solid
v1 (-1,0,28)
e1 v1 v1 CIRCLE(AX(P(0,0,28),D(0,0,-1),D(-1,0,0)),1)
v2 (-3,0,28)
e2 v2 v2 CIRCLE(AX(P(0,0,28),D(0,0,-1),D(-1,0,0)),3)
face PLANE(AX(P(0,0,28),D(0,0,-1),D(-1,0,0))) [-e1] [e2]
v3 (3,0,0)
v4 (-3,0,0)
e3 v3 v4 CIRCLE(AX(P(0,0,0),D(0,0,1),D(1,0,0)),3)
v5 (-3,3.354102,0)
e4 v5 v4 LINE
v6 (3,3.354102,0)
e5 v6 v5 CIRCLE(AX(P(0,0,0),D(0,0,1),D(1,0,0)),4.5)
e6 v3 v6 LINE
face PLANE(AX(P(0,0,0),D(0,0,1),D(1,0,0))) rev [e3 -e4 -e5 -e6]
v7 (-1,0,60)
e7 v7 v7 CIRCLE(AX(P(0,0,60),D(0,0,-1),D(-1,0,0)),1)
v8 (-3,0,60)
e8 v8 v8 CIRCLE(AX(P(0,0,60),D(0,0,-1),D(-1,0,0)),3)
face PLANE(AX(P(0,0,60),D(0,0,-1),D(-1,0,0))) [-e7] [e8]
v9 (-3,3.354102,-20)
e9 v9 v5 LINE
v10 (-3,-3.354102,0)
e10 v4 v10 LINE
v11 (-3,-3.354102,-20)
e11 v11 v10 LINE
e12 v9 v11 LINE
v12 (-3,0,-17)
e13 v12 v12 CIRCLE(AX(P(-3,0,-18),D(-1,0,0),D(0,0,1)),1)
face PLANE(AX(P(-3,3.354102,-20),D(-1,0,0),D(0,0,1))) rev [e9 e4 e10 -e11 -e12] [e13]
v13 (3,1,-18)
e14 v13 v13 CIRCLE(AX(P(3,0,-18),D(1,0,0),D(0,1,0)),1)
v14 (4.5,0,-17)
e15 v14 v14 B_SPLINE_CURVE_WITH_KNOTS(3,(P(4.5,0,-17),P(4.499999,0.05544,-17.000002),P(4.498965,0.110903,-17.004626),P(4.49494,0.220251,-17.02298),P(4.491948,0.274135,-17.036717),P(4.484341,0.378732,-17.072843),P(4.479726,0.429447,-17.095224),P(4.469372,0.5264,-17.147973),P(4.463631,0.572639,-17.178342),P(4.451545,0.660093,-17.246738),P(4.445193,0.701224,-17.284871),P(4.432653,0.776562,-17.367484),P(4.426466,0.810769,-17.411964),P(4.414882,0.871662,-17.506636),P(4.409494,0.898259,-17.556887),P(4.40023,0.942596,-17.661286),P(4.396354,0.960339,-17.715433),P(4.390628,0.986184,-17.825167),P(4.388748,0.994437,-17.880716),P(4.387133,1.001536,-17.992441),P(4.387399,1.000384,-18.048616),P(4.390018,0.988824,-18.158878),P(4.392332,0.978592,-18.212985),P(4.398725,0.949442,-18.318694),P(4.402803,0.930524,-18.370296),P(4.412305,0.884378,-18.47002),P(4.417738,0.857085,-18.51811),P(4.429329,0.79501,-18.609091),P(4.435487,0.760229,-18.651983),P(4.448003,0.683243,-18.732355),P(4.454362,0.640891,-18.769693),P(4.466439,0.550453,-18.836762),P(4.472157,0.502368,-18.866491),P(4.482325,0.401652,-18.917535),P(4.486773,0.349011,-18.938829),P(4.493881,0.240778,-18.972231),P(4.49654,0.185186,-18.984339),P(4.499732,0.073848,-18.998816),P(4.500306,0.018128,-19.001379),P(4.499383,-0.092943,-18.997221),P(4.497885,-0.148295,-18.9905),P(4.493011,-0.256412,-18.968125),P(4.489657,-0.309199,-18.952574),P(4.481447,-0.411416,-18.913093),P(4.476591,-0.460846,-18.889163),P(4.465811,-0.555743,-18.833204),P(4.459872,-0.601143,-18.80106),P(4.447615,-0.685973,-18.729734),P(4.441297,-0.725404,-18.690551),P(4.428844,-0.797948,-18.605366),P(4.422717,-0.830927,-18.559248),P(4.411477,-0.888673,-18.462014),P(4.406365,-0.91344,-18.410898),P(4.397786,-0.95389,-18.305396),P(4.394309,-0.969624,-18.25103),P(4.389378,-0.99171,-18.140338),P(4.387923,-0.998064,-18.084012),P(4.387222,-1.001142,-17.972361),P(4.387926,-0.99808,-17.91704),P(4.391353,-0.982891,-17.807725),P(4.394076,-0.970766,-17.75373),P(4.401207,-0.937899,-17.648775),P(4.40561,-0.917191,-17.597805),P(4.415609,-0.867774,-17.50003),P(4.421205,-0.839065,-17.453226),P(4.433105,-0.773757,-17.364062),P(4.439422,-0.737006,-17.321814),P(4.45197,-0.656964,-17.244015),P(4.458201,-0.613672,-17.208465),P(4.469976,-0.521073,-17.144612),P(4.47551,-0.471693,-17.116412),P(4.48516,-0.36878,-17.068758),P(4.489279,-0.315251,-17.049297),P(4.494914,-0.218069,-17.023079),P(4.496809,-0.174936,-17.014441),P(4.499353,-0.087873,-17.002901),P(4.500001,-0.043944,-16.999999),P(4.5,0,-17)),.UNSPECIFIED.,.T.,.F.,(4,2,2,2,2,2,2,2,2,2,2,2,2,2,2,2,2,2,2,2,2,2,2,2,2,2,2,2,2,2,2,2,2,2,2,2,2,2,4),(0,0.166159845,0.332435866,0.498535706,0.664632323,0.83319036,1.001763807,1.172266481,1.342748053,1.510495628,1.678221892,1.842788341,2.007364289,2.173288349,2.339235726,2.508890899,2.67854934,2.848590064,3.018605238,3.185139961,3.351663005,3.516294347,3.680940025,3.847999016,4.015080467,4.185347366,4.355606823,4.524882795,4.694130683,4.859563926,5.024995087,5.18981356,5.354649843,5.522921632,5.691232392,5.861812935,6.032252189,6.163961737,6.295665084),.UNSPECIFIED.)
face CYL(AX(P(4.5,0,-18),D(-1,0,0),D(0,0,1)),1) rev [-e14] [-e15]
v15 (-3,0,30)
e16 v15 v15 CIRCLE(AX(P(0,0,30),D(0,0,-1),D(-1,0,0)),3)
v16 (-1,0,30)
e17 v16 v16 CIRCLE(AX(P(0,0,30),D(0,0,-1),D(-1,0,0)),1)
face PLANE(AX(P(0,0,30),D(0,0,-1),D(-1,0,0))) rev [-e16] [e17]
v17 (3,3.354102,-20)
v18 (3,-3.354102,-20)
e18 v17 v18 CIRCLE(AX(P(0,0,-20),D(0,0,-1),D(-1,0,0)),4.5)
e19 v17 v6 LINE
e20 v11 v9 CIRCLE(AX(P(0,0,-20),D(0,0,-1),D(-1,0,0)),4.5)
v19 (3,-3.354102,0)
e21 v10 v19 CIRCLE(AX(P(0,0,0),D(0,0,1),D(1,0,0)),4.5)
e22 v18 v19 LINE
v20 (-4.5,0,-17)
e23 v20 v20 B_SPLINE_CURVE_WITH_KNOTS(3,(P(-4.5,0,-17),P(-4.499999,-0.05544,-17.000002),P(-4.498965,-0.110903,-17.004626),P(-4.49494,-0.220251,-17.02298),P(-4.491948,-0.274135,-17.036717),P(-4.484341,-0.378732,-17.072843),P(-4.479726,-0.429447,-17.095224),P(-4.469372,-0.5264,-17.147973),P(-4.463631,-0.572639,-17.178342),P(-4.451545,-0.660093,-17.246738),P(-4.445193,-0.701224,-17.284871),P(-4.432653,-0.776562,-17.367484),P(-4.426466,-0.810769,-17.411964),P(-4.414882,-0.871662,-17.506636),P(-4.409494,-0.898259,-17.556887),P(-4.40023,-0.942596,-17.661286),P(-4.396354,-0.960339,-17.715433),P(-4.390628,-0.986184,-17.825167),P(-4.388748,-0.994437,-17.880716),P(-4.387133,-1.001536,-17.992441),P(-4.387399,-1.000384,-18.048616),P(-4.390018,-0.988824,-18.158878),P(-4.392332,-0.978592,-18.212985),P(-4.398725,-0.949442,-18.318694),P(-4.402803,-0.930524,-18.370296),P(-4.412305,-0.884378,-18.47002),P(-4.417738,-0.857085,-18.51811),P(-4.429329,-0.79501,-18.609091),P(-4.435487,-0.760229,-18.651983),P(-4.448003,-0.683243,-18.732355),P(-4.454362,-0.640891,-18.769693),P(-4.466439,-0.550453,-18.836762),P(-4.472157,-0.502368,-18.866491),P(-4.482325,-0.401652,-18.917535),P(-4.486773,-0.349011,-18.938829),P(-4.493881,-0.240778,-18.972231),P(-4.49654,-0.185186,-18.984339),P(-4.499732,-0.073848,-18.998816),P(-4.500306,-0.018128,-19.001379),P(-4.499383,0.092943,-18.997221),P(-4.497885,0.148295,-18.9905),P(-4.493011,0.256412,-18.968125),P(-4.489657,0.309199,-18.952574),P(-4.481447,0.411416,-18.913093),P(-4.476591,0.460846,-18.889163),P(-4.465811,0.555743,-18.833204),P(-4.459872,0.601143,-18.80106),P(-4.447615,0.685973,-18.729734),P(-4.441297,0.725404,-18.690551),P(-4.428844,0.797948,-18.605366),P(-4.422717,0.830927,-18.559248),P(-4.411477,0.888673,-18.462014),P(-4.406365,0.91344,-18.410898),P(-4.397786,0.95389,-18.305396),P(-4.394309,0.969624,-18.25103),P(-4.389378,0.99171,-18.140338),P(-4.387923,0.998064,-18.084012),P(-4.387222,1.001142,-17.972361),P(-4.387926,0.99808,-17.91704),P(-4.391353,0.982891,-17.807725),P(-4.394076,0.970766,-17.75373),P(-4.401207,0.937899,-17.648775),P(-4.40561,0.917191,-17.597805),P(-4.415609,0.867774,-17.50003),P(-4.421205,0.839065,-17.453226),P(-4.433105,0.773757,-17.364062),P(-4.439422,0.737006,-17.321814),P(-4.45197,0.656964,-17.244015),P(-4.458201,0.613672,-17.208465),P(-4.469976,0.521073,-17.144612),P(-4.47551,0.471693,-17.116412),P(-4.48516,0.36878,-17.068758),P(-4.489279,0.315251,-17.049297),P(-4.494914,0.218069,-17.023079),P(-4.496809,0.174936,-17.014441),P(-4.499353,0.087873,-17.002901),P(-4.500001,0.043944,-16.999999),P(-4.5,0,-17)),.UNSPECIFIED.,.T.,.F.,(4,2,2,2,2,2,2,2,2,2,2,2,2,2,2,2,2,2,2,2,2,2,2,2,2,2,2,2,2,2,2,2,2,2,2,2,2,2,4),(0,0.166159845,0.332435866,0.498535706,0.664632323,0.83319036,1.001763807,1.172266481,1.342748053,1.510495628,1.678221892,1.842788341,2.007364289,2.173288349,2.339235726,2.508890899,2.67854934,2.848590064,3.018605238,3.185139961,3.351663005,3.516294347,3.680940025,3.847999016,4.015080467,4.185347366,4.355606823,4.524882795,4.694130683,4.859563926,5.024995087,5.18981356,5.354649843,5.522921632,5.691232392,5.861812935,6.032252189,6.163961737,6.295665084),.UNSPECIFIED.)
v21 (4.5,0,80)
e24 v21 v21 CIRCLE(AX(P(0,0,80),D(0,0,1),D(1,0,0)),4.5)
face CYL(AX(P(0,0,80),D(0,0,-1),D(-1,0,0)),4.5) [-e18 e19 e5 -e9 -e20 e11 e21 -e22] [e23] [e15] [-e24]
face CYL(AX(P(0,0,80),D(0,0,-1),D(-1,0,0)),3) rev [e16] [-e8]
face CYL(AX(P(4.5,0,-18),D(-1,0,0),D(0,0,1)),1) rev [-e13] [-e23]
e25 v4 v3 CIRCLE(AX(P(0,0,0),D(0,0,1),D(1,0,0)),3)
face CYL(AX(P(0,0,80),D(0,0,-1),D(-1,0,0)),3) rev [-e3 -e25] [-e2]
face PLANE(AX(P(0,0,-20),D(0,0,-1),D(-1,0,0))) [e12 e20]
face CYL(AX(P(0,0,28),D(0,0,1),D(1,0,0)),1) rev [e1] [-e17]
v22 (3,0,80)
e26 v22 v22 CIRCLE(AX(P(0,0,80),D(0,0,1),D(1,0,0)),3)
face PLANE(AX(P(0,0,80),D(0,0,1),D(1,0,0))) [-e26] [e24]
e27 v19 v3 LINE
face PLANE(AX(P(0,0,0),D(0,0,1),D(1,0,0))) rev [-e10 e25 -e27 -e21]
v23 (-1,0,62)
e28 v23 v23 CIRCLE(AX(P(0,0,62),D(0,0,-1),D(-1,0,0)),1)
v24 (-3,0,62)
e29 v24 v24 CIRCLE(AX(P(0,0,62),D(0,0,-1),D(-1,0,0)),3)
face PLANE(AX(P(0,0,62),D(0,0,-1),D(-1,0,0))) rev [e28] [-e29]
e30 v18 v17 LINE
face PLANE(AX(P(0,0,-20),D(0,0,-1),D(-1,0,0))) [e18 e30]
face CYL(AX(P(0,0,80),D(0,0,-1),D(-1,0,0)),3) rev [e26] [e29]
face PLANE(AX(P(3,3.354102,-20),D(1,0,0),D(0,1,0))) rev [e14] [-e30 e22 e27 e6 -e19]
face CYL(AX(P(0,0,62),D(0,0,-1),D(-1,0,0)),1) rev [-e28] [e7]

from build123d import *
from build123d.topology import SkipClean

# Parameters (mm, degrees)
SKETCH2_R               = 4.5
SKETCH2_R_2             = 3
BOSS_EXTRUDE1_DEPTH     = 80
BOSS_EXTRUDE2_START     = 20
BOSS_EXTRUDE2_DEPTH     = 20
CUT_EXTRUDE1_DEPTH      = 81.476704704
CUT_EXTRUDE1_DEPTH_BACK = 81.476704704
SKETCH4_R               = 1
BOSS_EXTRUDE3_START     = 2
SKETCH7_R               = 3
SKETCH7_R_2             = 1
BOSS_EXTRUDE3_DEPTH     = 2
SKETCH10_R              = 3
SKETCH10_R_2            = 1
BOSS_EXTRUDE4_DEPTH     = 2


with BuildPart() as part:
    # Sketch2 → Boss-Extrude1 (new body)
    with BuildSketch(Plane.XY):
        Circle(SKETCH2_R)
        Circle(SKETCH2_R_2, mode=Mode.SUBTRACT)
    extrude(amount=BOSS_EXTRUDE1_DEPTH)

    # Sketch3 → Boss-Extrude2 (add)
    with SkipClean():  # the faces are left unmerged after this step: merging them gives an invalid solid
        with BuildSketch(Plane(origin=(0, 0, 0), x_dir=(-1, 0, 0), z_dir=(0, 0, -1)).offset(BOSS_EXTRUDE2_START)):
            with BuildLine():
                Line((3, 3.354101966), (3, -3.354101966))
                ThreePointArc((3, -3.354101966), (4.5, 0), (3, 3.354101966))
            make_face()
            with BuildLine():
                Line((-3, 3.354101966), (-3, -3.354101966))
                ThreePointArc((-3, -3.354101966), (-4.5, 0), (-3, 3.354101966))
            make_face()
        extrude(amount=-BOSS_EXTRUDE2_DEPTH)

    # Sketch4 → Cut-Extrude1 (cut, two sides: drawn at the far end of the back side and taken through both)
    with SkipClean():  # the faces are left unmerged after this step: merging them gives an invalid solid
        with BuildSketch(Plane.ZY.offset(-3).offset(-CUT_EXTRUDE1_DEPTH_BACK)):
            with Locations((-18, 0)):
                Circle(SKETCH4_R)
        extrude(amount=CUT_EXTRUDE1_DEPTH + CUT_EXTRUDE1_DEPTH_BACK, mode=Mode.SUBTRACT)

    # Sketch7 → Boss-Extrude3 (add)
    with SkipClean():  # the faces are left unmerged after this step: merging them gives an invalid solid
        with BuildSketch(Plane(origin=(0, 0, 30), x_dir=(-1, 0, 0), z_dir=(0, 0, -1)).offset(BOSS_EXTRUDE3_START)):
            Circle(SKETCH7_R)
            Circle(SKETCH7_R_2, mode=Mode.SUBTRACT)
        extrude(amount=-BOSS_EXTRUDE3_DEPTH)

    # Sketch10 → Boss-Extrude4 (add)
    with SkipClean():  # the faces are left unmerged after this step: merging them gives an invalid solid
        with BuildSketch(Plane(origin=(0, 0, 60), x_dir=(-1, 0, 0), z_dir=(0, 0, -1))):
            Circle(SKETCH10_R)
            Circle(SKETCH10_R_2, mode=Mode.SUBTRACT)
        extrude(amount=-BOSS_EXTRUDE4_DEPTH)


solid = part.part
